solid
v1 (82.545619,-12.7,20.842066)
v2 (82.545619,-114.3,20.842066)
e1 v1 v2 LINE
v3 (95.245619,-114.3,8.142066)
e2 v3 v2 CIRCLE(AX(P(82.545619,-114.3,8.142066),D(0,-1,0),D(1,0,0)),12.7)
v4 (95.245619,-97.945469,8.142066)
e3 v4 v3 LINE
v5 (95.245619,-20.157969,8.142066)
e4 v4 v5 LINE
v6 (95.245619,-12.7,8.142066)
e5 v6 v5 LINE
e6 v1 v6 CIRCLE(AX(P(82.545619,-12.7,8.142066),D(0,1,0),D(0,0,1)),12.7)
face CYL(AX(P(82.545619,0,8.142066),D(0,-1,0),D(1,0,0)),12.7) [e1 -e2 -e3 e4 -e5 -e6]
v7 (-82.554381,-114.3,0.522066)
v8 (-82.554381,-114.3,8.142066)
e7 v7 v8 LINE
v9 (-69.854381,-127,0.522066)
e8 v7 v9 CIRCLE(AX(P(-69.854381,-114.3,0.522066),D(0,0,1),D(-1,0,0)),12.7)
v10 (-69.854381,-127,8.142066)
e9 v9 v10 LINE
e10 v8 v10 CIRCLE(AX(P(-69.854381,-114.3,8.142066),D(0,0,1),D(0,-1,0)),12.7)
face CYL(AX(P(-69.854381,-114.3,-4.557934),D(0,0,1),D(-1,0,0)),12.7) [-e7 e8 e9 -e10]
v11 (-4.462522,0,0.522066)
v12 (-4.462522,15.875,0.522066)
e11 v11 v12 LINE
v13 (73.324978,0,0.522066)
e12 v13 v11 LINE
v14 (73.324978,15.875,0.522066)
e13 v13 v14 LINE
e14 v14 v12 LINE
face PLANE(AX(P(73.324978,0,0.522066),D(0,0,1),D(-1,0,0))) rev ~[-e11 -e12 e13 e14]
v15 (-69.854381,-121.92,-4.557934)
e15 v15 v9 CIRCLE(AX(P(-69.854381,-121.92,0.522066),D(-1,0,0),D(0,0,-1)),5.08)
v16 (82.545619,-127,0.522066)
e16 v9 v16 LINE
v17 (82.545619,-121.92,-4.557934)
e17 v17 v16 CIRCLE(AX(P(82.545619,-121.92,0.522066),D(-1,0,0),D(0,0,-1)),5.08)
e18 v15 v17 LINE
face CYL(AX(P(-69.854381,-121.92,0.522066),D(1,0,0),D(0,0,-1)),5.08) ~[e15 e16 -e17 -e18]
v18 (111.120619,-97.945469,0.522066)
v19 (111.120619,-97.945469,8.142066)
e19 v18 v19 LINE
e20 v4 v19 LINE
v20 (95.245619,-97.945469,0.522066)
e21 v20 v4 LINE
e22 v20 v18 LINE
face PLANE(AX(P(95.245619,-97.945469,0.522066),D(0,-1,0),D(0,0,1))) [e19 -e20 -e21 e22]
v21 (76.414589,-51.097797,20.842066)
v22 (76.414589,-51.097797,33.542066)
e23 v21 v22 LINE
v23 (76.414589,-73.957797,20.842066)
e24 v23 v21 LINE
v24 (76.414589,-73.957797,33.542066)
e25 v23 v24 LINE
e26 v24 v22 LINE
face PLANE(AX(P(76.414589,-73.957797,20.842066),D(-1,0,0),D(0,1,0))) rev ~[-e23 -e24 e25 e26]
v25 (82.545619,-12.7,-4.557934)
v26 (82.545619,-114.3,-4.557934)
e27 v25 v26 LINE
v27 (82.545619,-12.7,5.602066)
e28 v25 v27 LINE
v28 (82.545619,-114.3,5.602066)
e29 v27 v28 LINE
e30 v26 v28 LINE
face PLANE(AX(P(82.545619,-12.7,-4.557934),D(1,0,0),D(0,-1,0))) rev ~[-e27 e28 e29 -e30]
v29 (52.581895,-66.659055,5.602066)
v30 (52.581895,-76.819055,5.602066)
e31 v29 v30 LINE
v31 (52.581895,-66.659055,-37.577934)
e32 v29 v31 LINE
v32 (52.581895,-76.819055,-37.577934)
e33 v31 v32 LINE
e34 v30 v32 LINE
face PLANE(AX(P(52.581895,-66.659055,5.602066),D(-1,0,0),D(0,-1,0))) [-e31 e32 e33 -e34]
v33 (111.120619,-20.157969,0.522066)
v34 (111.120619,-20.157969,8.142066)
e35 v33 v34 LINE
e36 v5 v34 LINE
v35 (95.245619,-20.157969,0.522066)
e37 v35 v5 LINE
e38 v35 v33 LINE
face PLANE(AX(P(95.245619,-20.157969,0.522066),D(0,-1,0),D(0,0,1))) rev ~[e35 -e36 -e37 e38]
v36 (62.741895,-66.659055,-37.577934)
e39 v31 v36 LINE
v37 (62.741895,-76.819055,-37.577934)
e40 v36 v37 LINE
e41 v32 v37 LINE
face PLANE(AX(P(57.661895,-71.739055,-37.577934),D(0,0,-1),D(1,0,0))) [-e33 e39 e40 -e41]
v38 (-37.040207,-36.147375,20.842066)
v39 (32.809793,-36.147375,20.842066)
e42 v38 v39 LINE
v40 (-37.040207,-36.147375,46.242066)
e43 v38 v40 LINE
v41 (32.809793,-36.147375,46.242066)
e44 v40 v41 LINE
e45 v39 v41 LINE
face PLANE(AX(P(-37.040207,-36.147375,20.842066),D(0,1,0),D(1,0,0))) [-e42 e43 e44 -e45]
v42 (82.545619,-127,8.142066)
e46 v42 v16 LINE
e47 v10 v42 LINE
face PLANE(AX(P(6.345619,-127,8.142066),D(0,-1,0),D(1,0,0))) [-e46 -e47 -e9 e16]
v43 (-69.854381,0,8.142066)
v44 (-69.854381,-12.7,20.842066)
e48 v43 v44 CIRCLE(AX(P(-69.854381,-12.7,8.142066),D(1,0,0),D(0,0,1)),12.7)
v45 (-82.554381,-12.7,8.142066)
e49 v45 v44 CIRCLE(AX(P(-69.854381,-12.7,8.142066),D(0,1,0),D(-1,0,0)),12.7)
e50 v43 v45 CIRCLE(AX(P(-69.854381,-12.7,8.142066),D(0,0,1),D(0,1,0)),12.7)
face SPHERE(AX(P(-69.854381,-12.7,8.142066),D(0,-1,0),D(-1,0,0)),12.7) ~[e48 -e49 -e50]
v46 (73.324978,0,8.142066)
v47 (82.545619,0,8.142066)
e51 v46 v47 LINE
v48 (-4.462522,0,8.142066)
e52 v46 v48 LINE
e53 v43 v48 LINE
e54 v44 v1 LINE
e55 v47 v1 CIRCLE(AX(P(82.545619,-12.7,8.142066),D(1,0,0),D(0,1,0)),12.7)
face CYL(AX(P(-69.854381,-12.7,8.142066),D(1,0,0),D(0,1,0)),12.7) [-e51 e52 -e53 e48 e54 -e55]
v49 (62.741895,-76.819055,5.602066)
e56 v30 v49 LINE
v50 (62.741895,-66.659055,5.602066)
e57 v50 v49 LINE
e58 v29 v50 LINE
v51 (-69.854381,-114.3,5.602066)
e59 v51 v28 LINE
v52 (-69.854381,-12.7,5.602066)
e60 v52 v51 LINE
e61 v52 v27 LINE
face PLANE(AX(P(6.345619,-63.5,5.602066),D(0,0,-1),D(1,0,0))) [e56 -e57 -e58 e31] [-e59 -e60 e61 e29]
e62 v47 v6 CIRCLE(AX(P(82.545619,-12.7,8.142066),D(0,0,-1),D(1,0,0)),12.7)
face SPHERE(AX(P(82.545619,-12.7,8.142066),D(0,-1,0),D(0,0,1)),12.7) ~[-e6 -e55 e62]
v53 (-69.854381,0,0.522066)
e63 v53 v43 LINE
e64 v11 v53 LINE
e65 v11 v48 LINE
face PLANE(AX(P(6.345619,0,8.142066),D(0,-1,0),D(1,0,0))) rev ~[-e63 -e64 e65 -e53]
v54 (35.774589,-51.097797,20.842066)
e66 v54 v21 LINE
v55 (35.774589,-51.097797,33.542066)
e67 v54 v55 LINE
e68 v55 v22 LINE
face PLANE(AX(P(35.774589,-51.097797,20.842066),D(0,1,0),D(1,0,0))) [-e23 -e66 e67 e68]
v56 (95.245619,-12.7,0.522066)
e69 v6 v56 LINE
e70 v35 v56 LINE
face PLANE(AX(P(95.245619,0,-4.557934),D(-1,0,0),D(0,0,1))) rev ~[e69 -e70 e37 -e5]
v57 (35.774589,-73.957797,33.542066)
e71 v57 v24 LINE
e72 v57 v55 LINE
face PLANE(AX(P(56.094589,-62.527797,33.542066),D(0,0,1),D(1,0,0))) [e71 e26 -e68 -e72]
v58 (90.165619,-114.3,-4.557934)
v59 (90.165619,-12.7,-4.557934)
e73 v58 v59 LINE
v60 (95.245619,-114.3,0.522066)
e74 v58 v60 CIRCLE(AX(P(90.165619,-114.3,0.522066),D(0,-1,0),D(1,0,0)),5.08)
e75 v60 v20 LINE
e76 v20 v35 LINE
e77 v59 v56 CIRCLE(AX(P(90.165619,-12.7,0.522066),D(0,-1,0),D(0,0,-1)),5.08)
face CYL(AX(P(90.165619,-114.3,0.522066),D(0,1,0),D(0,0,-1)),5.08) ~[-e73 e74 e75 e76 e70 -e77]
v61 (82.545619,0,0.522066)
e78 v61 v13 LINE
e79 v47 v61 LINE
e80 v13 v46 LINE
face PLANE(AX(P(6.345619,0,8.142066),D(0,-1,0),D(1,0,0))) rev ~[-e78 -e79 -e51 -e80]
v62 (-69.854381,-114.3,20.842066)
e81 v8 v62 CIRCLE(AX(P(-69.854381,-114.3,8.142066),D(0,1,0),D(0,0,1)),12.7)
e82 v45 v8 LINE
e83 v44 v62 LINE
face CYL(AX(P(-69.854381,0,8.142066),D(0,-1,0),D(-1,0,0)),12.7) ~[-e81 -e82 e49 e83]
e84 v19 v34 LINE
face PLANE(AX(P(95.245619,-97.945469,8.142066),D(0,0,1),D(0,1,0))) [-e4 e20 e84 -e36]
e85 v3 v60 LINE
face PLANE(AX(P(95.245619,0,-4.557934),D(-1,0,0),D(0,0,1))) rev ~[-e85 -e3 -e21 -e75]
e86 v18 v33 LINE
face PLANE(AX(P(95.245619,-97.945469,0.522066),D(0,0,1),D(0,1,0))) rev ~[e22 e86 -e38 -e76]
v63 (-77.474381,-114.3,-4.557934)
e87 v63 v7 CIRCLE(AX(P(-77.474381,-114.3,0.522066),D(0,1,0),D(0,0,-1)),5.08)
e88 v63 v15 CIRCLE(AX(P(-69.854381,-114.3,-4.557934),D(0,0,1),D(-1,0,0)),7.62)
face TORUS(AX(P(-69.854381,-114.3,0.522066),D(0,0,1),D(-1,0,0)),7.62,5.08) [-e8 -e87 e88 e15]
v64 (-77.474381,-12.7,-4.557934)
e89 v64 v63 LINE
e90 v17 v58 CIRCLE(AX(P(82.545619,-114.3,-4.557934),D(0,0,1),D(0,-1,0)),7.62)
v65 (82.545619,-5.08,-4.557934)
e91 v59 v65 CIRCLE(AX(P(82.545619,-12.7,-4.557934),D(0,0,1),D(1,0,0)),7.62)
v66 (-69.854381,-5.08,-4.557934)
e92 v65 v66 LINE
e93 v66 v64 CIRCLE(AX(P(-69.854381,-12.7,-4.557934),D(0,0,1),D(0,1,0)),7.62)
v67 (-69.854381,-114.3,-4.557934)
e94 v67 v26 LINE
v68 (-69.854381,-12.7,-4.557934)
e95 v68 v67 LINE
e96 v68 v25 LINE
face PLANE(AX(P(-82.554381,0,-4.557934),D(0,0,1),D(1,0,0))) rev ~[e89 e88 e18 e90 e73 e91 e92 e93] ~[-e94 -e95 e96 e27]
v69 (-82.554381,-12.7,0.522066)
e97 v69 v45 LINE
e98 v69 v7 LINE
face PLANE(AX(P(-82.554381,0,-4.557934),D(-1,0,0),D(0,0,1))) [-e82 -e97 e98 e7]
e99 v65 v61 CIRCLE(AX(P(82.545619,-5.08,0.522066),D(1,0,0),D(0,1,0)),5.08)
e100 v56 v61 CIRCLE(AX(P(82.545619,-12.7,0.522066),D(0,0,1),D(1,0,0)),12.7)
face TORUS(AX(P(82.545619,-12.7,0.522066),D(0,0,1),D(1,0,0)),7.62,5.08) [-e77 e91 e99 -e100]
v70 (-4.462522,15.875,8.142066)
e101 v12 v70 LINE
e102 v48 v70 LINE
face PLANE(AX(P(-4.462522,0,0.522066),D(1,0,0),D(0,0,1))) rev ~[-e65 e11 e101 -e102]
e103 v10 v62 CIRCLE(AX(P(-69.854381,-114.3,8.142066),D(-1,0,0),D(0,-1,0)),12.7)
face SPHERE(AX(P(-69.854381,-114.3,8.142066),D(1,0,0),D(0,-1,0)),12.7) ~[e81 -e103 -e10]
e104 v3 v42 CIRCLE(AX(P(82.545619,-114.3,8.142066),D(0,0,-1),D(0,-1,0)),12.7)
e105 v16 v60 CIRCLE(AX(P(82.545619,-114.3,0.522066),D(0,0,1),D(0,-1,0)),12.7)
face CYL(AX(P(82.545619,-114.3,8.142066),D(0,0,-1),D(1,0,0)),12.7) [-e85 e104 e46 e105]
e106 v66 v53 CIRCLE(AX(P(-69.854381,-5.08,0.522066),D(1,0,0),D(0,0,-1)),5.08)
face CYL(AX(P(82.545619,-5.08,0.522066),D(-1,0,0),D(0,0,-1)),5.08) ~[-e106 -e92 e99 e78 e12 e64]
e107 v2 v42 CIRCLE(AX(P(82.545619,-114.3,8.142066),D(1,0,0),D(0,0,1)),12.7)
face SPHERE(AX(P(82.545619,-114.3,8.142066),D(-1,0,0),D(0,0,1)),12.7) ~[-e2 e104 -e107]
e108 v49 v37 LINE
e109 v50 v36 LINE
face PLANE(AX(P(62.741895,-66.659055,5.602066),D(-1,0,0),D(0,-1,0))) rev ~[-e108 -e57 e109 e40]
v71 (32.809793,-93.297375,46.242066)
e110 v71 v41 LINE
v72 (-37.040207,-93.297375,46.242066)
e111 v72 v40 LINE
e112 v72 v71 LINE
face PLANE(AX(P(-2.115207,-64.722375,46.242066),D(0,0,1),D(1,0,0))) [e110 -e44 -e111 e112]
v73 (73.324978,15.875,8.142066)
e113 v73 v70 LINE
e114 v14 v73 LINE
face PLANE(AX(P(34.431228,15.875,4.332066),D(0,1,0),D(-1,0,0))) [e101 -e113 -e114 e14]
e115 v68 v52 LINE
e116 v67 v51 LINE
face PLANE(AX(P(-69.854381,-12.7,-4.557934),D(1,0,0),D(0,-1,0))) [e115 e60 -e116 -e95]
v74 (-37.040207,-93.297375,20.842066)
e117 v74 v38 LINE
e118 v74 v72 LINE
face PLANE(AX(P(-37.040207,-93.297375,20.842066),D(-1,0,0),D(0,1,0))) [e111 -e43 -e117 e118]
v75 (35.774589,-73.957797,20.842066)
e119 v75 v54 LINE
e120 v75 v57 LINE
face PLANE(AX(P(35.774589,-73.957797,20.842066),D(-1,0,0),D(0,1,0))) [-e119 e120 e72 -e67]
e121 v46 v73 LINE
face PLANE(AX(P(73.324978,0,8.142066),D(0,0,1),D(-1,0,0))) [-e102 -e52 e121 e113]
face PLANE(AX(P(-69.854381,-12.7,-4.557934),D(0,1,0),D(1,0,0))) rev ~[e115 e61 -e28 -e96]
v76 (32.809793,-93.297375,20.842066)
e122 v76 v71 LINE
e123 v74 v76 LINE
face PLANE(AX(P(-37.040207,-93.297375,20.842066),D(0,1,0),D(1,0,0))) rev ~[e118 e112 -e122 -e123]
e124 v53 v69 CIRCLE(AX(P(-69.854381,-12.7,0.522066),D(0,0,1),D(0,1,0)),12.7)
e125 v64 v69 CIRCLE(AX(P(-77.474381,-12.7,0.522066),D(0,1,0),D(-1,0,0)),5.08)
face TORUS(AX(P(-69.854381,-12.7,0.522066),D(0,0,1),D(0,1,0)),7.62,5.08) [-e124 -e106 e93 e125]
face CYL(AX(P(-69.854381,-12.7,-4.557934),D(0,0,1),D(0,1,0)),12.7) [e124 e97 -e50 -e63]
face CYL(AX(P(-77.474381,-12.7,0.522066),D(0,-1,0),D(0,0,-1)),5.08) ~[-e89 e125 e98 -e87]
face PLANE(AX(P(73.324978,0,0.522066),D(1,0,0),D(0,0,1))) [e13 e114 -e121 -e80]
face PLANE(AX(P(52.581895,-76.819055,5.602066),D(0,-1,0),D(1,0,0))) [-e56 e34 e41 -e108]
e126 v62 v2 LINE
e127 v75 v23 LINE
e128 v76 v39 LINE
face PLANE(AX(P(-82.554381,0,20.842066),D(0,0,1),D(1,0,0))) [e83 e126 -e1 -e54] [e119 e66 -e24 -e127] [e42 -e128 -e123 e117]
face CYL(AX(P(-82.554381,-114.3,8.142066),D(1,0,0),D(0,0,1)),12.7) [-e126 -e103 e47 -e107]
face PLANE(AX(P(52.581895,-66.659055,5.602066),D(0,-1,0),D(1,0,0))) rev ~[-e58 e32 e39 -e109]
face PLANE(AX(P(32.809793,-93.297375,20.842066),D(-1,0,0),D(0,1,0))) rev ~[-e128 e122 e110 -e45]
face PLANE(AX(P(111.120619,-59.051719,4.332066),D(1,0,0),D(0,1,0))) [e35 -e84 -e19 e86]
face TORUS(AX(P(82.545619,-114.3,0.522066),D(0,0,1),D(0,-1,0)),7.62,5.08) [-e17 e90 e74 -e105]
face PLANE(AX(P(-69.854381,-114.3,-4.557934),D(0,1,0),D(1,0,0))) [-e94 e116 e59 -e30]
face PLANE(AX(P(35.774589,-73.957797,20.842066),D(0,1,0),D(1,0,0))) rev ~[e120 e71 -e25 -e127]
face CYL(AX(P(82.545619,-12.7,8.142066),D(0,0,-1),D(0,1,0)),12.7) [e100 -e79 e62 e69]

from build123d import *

# Parameters (mm, degrees)
F0_W      = 177.8
F0_H      = 25.4
F1_DEPTH  = 127
F2_R      = 12.7
F3_R      = 12.7
F4_R      = 12.7
F5_W      = 152.4
F5_H      = 101.6
F6_DEPTH  = 10.16
F7_R      = 5.08
F8_W      = 10.16
F8_H      = 10.16
F9_DEPTH  = 43.18
F10_W     = 69.85
F10_H     = 57.15
F11_DEPTH = 25.4
F10_W_2   = 40.64
F10_H_2   = 22.86
F12_DEPTH = 12.7
F13_W     = 77.7875
F13_H     = 7.62
F14_DEPTH = 15.875
F15_W     = 77.7875
F15_H     = 7.62
F16_DEPTH = 15.875


with BuildPart() as f1:
    # F0 (on Front) → F1 (new body)
    with BuildSketch(Plane.XZ):
        with Locations((6.3456185162, 8.1420660227)):
            Rectangle(F0_W, F0_H)
    extrude(amount=F1_DEPTH)

    # F2
    f2_edges = [f1.edges().sort_by_distance(p)[0] for p in [
        (6.345619, -127, 20.842066),
        (-82.554381, -127, 8.142066),
        (-82.554381, -63.5, 20.842066),
    ]]
    fillet(f2_edges, radius=F2_R)

    # F3
    f3_edges = [f1.edges().sort_by_distance(p)[0] for p in [
        (95.245619, -57.15, 20.842066),
        (12.695619, -114.3, 20.842066),
        (95.245619, -127, 1.792066),
    ]]
    fillet(f3_edges, radius=F3_R)

    # F4
    f4_edges = [f1.edges().sort_by_distance(p)[0] for p in [
        (6.345619, 0, 20.842066),
        (-69.854381, -57.15, 20.842066),
        (-82.554381, 0, 1.792066),
    ]]
    fillet(f4_edges, radius=F4_R)

    # F5 (on face) → F6 (cut)
    with BuildSketch(Plane(origin=(0, 0, -4.5579339773), x_dir=(1, 0, 0), z_dir=(0, 0, -1))):
        with Locations((6.3456185162, 63.5)):
            Rectangle(F5_W, F5_H)
    extrude(amount=-F6_DEPTH, mode=Mode.SUBTRACT)

    # F7
    f7_edges = [f1.edges().sort_by_distance(p)[0] for p in [
        (6.345619, -127, -4.557934),
        (95.245619, -63.5, -4.557934),
        (91.525875, -123.280256, -4.557934),
    ]]
    fillet(f7_edges, radius=F7_R)

    # F8 (on face) → F9 (join)
    with BuildSketch(Plane(origin=(0, 0, 5.6020660227), x_dir=(1, 0, 0), z_dir=(0, 0, -1))):
        with Locations((57.6618951797, 71.7390547824)):
            Rectangle(F8_W, F8_H)
    extrude(amount=F9_DEPTH)

    # F10 (on face) → F11 (join)
    with BuildSketch(Plane.XY.offset(20.8420660227)):
        with Locations((-2.115206793, -64.7223750857)):
            Rectangle(F10_W, F10_H)
    extrude(amount=F11_DEPTH)

    # F10 (on face) → F12 (join)
    with BuildSketch(Plane.XY.offset(20.8420660227)):
        with Locations((56.0945885849, -62.5277971399)):
            Rectangle(F10_W_2, F10_H_2)
    extrude(amount=F12_DEPTH)

    # F13 (on face) → F14 (join)
    with BuildSketch(Plane.YZ.offset(95.2456185162)):
        with Locations((-59.0517186254, 4.3320660227)):
            Rectangle(F13_W, F13_H)
    extrude(amount=F14_DEPTH)

    # F15 (on face) → F16 (join)
    with BuildSketch(Plane(origin=(0, 0, 0), x_dir=(-1, 0, 0), z_dir=(0, 1, 0))):
        with Locations((-34.4312283516, 4.3320660227)):
            Rectangle(F15_W, F15_H)
    extrude(amount=F16_DEPTH)


solid = f1.part
